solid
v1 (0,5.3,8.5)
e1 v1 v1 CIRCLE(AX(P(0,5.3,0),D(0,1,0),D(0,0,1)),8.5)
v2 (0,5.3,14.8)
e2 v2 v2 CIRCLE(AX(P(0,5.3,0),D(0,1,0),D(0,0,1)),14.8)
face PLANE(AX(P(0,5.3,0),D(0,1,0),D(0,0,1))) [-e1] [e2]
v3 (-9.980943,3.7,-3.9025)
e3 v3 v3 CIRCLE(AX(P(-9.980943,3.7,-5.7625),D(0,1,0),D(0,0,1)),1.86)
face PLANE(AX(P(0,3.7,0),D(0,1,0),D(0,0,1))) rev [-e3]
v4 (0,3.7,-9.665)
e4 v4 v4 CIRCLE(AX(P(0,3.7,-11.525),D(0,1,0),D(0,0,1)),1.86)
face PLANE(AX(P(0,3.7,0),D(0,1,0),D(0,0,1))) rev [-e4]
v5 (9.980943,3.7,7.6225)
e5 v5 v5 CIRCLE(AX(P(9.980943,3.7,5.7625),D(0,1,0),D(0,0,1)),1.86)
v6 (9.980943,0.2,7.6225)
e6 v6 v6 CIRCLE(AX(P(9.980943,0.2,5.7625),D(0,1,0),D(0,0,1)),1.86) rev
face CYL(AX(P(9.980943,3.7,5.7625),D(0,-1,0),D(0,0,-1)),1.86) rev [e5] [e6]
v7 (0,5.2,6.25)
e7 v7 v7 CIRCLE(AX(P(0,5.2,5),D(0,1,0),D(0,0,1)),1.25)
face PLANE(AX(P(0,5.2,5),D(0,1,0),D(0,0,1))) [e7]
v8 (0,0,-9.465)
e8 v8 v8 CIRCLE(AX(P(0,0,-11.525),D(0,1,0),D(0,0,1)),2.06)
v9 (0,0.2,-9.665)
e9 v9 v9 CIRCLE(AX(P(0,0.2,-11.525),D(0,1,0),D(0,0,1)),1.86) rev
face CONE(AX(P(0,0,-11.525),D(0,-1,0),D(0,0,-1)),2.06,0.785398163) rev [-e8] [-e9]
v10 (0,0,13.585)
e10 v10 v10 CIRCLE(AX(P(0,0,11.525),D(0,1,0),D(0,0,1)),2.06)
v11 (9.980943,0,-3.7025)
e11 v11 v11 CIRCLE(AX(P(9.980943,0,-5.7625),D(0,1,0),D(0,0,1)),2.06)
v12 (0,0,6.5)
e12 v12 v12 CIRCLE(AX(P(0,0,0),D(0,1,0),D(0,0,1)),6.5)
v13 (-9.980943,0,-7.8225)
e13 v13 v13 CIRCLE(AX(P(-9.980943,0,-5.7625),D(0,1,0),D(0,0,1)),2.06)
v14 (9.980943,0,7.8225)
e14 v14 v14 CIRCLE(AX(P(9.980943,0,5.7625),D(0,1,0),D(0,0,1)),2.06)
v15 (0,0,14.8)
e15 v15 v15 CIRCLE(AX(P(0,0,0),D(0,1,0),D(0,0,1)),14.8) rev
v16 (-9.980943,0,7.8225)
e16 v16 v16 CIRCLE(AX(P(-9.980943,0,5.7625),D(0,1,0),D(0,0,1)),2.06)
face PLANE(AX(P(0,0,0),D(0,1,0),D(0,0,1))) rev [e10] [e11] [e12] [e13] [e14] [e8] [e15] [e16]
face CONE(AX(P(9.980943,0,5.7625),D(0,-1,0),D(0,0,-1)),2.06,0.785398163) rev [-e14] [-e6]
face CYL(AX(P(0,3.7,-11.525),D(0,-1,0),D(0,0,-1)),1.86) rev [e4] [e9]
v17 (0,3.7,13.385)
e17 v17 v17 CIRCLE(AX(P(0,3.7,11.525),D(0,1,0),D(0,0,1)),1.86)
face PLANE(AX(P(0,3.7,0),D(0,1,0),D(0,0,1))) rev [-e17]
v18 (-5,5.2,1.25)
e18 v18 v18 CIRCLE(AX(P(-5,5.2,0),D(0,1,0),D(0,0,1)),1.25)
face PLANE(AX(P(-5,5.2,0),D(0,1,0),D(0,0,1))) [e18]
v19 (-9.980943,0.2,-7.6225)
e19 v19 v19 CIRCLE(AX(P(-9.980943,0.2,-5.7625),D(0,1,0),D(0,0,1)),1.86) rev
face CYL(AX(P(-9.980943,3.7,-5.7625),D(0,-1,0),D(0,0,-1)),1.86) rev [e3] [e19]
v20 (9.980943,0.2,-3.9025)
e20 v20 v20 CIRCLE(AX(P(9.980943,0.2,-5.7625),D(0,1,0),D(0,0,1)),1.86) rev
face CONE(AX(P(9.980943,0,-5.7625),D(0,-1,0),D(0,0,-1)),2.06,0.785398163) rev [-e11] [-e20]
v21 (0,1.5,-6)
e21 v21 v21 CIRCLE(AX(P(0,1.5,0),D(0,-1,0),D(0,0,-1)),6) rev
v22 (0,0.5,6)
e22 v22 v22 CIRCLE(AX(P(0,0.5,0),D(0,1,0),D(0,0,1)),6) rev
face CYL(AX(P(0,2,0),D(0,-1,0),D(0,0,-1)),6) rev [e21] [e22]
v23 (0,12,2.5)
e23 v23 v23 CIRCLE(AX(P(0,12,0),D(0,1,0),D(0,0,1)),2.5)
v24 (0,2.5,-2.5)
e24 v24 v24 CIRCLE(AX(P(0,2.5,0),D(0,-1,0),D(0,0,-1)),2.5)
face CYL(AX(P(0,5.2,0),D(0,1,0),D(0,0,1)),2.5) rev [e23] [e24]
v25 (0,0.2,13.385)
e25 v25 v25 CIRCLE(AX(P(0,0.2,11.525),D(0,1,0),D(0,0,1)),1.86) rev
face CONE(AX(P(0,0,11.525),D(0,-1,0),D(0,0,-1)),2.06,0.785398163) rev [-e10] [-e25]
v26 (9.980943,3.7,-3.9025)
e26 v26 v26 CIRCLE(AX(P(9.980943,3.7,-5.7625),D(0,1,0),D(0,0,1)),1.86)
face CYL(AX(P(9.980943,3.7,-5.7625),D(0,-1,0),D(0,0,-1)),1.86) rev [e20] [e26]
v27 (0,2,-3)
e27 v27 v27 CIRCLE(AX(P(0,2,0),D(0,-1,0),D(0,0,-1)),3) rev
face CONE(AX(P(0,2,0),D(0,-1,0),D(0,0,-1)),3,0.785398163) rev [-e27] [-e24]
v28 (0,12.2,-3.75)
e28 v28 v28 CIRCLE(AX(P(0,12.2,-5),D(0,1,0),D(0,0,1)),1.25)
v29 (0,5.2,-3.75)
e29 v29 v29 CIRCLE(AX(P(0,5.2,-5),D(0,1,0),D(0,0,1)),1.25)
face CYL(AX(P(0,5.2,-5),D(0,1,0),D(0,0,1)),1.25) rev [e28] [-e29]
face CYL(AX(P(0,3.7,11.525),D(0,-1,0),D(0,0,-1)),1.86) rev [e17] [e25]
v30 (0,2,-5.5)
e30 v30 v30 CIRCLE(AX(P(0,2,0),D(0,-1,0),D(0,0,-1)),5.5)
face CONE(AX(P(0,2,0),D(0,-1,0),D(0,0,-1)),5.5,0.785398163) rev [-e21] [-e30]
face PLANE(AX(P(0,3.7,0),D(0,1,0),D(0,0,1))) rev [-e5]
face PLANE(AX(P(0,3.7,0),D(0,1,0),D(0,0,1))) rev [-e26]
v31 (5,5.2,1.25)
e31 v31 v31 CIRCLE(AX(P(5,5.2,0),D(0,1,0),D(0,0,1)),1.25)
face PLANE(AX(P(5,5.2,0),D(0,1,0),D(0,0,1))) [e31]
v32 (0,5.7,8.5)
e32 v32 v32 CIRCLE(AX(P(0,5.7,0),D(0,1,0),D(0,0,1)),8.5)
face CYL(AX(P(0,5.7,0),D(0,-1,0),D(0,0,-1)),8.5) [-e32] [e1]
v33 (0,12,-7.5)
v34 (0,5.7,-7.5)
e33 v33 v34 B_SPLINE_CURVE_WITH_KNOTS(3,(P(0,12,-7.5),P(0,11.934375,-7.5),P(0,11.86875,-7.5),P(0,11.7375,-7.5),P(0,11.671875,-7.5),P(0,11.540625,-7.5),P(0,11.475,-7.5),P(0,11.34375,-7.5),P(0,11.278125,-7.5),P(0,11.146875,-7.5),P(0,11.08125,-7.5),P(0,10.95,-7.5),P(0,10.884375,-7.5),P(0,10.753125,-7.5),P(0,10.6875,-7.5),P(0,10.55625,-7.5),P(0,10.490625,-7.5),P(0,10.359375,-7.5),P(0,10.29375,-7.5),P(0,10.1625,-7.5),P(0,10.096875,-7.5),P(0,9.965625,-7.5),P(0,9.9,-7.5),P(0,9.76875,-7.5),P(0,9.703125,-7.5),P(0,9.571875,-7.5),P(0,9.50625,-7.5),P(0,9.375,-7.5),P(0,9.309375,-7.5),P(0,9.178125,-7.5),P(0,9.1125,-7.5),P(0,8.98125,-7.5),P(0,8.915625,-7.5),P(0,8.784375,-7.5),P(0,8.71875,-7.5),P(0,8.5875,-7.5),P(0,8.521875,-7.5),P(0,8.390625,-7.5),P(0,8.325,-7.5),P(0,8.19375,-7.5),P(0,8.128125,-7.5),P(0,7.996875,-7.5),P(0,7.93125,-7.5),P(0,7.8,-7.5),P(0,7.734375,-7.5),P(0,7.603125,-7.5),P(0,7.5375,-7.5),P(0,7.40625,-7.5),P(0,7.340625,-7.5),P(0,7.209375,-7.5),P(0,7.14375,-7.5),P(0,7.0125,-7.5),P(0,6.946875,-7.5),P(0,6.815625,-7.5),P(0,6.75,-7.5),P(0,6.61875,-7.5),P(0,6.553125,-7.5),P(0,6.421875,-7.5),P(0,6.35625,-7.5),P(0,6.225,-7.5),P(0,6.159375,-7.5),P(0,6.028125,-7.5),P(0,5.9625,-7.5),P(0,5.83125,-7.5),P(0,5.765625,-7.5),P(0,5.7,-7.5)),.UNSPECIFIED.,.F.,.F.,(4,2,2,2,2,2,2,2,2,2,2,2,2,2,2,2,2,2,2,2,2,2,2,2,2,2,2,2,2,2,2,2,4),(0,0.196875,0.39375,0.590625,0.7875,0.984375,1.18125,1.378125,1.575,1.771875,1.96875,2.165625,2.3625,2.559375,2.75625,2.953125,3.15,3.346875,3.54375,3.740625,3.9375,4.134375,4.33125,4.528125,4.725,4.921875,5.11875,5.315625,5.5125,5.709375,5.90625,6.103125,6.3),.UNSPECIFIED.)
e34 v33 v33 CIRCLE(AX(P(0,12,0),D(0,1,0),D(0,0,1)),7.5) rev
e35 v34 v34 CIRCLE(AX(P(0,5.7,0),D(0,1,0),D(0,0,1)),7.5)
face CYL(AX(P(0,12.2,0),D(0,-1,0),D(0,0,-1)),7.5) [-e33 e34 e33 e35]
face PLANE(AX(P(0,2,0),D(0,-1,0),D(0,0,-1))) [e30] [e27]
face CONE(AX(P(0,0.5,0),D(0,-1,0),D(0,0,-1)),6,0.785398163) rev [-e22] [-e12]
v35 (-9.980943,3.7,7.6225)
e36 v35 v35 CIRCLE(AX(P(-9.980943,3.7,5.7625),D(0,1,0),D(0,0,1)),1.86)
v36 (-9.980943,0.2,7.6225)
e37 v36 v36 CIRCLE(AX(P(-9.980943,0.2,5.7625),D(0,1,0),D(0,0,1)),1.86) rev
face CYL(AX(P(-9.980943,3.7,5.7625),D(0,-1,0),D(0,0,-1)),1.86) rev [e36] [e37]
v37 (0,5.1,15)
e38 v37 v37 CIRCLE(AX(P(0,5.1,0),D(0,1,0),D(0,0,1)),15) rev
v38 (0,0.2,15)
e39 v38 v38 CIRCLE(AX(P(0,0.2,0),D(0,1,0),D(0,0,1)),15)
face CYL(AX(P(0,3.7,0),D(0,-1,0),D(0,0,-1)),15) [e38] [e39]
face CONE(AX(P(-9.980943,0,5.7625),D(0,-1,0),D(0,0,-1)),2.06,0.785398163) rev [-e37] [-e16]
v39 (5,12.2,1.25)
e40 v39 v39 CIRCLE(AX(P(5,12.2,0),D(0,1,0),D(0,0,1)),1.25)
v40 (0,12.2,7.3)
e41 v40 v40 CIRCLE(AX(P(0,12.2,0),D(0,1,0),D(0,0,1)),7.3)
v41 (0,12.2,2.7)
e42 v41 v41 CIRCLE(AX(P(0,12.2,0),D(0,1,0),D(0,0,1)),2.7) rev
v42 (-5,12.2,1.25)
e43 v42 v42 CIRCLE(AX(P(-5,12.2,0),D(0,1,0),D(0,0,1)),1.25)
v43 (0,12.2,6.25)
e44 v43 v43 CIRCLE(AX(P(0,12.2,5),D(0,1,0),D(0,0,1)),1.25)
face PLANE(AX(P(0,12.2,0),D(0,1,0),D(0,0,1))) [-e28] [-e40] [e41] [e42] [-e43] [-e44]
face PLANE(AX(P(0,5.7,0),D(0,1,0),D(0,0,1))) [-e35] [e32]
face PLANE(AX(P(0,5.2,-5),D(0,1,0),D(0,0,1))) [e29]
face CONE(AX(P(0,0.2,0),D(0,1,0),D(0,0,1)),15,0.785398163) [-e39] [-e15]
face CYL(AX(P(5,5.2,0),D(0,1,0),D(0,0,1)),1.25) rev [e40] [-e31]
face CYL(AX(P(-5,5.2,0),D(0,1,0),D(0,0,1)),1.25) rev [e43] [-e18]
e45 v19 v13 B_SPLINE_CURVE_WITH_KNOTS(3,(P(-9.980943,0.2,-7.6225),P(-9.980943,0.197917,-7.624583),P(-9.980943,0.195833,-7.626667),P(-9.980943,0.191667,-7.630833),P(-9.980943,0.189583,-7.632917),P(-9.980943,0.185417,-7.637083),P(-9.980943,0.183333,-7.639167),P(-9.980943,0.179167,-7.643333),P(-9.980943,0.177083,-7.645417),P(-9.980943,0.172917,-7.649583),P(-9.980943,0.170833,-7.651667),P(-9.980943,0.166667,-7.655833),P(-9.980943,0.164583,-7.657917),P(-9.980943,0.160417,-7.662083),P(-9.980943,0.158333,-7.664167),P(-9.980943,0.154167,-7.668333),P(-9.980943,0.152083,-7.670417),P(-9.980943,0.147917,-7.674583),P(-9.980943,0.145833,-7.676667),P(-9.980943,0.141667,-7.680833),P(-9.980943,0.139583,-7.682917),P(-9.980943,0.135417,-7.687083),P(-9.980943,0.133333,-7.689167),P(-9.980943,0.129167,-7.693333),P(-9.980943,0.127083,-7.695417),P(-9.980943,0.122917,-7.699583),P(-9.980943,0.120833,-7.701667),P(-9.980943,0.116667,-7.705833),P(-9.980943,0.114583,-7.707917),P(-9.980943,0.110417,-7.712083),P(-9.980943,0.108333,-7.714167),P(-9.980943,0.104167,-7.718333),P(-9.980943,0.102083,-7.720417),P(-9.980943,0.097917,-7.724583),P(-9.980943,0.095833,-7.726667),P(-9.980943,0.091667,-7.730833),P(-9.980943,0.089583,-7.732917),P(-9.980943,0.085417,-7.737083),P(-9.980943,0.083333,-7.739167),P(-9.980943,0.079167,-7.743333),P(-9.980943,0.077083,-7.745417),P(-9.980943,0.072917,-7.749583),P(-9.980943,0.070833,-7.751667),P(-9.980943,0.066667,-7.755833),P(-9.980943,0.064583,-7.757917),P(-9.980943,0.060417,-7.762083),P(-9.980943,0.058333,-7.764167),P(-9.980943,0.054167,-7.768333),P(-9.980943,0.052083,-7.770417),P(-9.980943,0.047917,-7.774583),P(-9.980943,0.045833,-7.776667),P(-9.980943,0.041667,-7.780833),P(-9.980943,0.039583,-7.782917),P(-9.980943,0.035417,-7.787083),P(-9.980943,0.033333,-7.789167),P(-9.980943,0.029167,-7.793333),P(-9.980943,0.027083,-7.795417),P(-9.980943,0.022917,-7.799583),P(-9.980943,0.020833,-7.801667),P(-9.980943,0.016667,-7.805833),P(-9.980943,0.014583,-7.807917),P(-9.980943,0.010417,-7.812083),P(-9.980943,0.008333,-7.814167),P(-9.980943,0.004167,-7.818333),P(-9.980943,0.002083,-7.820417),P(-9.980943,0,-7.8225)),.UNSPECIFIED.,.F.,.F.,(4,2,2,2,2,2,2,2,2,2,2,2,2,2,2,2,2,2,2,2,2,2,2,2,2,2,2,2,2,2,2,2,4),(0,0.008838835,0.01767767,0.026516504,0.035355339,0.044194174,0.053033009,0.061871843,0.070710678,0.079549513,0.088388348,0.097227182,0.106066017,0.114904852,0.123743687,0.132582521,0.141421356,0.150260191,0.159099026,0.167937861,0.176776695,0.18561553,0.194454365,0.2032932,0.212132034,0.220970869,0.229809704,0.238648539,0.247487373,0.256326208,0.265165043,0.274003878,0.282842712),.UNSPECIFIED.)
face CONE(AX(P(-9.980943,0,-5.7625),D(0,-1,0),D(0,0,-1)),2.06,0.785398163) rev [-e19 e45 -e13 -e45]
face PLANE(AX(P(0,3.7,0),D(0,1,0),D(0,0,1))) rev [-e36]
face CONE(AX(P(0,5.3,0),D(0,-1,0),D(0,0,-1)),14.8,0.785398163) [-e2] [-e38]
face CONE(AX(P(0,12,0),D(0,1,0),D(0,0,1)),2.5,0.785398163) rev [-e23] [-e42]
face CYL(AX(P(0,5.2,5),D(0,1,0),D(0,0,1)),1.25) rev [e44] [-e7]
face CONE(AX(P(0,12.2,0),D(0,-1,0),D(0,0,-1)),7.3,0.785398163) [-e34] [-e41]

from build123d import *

# Parameters (mm, degrees)
SKETCH_1_R          = 15
SKETCH_1_R_2        = 1.86
EXTRUDE_1_DEPTH     = 3.7
SKETCH_2_R          = 15
EXTRUDE_2_DEPTH     = 1.6
SKETCH_3_R          = 8.5
EXTRUDE_3_DEPTH     = 0.4
SKETCH_4_R          = 7.5
EXTRUDE_4_DEPTH     = 6.5
SKETCH_5_R          = 1.25
SKETCH_5_R_2        = 2.5
CUT_EXTRUDE_1_DEPTH = 7
CHAMFER_1_SIZE      = 0.2
SKETCH_7_R          = 2.5
CUT_EXTRUDE_4_DEPTH = 23.338307904
SKETCH_8_R          = 6
CUT_EXTRUDE_5_DEPTH = 2
CHAMFER_2_SIZE      = 0.5


with BuildPart() as part:
    # 草图1 → 凸台-拉伸1 (new body)
    with BuildSketch(Plane(origin=(0, 0, 0), x_dir=(1, 0, 0), z_dir=(0, 1, 0))):
        with Locations(Location((0, 0, 0), (0, 0, 270))):
            Circle(SKETCH_1_R)
        with Locations(Location((0, 11.525, 0), (0, 0, 270))):
            Circle(SKETCH_1_R_2, mode=Mode.SUBTRACT)
        with Locations(Location((9.980942779, 5.7625, 0), (0, 0, 270))):
            Circle(SKETCH_1_R_2, mode=Mode.SUBTRACT)
        with Locations(Location((9.980942779, -5.7625, 0), (0, 0, 270))):
            Circle(SKETCH_1_R_2, mode=Mode.SUBTRACT)
        with Locations(Location((0, -11.525, 0), (0, 0, 270))):
            Circle(SKETCH_1_R_2, mode=Mode.SUBTRACT)
        with Locations(Location((-9.980942779, -5.7625, 0), (0, 0, 270))):
            Circle(SKETCH_1_R_2, mode=Mode.SUBTRACT)
        with Locations(Location((-9.980942779, 5.7625, 0), (0, 0, 270))):
            Circle(SKETCH_1_R_2, mode=Mode.SUBTRACT)
    extrude(amount=EXTRUDE_1_DEPTH)

    # 草图2 → 凸台-拉伸2 (add)
    with BuildSketch(Plane(origin=(0, 3.7, 0), x_dir=(1, 0, 0), z_dir=(0, 1, 0))):
        with Locations(Location((0, 0, 0), (0, 0, 270))):
            Circle(SKETCH_2_R)
    extrude(amount=EXTRUDE_2_DEPTH)

    # 草图3 → 凸台-拉伸3 (add)
    with BuildSketch(Plane(origin=(0, 5.3, 0), x_dir=(1, 0, 0), z_dir=(0, 1, 0))):
        with Locations(Location((0, 0, 0), (0, 0, 270))):
            Circle(SKETCH_3_R)
    extrude(amount=EXTRUDE_3_DEPTH)

    # 草图4 → 凸台-拉伸4 (add)
    with BuildSketch(Plane(origin=(0, 5.7, 0), x_dir=(1, 0, 0), z_dir=(0, 1, 0))):
        with Locations(Location((0, 0, 0), (0, 0, 90))):
            Circle(SKETCH_4_R)
    extrude(amount=EXTRUDE_4_DEPTH)

    # 草图5 → 切除-拉伸1 (cut)
    with BuildSketch(Plane(origin=(0, 12.2, 0), x_dir=(1, 0, 0), z_dir=(0, 1, 0))):
        with Locations(Location((0, 5, 0), (0, 0, 270))):
            Circle(SKETCH_5_R)
        with Locations(Location((5, 0, 0), (0, 0, 270))):
            Circle(SKETCH_5_R)
        with Locations(Location((0, -5, 0), (0, 0, 270))):
            Circle(SKETCH_5_R)
        with Locations(Location((-5, 0, 0), (0, 0, 270))):
            Circle(SKETCH_5_R)
        with Locations(Location((0, 0, 0), (0, 0, 270))):
            Circle(SKETCH_5_R_2)
    extrude(amount=-CUT_EXTRUDE_1_DEPTH, mode=Mode.SUBTRACT)

    # 倒角1
    chamfer_1_edges = [part.edges().sort_by_distance(p)[0] for p in [
        (9.980942779, 0, 3.9025),
        (0, 0, 9.665),
        (0, 0, -15),
        (-9.980942779, 0, 3.9025),
        (-9.980942779, 0, -7.6225),
        (0, 5.3, -15),
        (0, 12.2, 7.5),
        (0, 0, -13.385),
        (0, 12.2, -2.5),
        (9.980942779, 0, -7.6225),
    ]]
    chamfer(chamfer_1_edges, length=CHAMFER_1_SIZE)

    # 草图7 → 切除-拉伸4 (cut, through all)
    with BuildSketch(Plane(origin=(0, 5.2, 0), x_dir=(1, 0, 0), z_dir=(0, 1, 0))):
        with Locations(Location((0, 0, 0), (0, 0, 270))):
            Circle(SKETCH_7_R)
    extrude(amount=-CUT_EXTRUDE_4_DEPTH, mode=Mode.SUBTRACT)

    # 草图8 → 切除-拉伸5 (cut)
    with BuildSketch(Plane(origin=(0, 0, 0), x_dir=(-1, 0, 0), z_dir=(0, -1, 0))):
        with Locations(Location((0, 0, 0), (0, 0, 90))):
            Circle(SKETCH_8_R)
    extrude(amount=-CUT_EXTRUDE_5_DEPTH, mode=Mode.SUBTRACT)

    # 倒角2
    chamfer_2_edges = [part.edges().sort_by_distance(p)[0] for p in [
        (0, 0, 6),
        (0, 2, 6),
        (0, 2, -2.5),
    ]]
    chamfer(chamfer_2_edges, length=CHAMFER_2_SIZE)


solid = part.part
